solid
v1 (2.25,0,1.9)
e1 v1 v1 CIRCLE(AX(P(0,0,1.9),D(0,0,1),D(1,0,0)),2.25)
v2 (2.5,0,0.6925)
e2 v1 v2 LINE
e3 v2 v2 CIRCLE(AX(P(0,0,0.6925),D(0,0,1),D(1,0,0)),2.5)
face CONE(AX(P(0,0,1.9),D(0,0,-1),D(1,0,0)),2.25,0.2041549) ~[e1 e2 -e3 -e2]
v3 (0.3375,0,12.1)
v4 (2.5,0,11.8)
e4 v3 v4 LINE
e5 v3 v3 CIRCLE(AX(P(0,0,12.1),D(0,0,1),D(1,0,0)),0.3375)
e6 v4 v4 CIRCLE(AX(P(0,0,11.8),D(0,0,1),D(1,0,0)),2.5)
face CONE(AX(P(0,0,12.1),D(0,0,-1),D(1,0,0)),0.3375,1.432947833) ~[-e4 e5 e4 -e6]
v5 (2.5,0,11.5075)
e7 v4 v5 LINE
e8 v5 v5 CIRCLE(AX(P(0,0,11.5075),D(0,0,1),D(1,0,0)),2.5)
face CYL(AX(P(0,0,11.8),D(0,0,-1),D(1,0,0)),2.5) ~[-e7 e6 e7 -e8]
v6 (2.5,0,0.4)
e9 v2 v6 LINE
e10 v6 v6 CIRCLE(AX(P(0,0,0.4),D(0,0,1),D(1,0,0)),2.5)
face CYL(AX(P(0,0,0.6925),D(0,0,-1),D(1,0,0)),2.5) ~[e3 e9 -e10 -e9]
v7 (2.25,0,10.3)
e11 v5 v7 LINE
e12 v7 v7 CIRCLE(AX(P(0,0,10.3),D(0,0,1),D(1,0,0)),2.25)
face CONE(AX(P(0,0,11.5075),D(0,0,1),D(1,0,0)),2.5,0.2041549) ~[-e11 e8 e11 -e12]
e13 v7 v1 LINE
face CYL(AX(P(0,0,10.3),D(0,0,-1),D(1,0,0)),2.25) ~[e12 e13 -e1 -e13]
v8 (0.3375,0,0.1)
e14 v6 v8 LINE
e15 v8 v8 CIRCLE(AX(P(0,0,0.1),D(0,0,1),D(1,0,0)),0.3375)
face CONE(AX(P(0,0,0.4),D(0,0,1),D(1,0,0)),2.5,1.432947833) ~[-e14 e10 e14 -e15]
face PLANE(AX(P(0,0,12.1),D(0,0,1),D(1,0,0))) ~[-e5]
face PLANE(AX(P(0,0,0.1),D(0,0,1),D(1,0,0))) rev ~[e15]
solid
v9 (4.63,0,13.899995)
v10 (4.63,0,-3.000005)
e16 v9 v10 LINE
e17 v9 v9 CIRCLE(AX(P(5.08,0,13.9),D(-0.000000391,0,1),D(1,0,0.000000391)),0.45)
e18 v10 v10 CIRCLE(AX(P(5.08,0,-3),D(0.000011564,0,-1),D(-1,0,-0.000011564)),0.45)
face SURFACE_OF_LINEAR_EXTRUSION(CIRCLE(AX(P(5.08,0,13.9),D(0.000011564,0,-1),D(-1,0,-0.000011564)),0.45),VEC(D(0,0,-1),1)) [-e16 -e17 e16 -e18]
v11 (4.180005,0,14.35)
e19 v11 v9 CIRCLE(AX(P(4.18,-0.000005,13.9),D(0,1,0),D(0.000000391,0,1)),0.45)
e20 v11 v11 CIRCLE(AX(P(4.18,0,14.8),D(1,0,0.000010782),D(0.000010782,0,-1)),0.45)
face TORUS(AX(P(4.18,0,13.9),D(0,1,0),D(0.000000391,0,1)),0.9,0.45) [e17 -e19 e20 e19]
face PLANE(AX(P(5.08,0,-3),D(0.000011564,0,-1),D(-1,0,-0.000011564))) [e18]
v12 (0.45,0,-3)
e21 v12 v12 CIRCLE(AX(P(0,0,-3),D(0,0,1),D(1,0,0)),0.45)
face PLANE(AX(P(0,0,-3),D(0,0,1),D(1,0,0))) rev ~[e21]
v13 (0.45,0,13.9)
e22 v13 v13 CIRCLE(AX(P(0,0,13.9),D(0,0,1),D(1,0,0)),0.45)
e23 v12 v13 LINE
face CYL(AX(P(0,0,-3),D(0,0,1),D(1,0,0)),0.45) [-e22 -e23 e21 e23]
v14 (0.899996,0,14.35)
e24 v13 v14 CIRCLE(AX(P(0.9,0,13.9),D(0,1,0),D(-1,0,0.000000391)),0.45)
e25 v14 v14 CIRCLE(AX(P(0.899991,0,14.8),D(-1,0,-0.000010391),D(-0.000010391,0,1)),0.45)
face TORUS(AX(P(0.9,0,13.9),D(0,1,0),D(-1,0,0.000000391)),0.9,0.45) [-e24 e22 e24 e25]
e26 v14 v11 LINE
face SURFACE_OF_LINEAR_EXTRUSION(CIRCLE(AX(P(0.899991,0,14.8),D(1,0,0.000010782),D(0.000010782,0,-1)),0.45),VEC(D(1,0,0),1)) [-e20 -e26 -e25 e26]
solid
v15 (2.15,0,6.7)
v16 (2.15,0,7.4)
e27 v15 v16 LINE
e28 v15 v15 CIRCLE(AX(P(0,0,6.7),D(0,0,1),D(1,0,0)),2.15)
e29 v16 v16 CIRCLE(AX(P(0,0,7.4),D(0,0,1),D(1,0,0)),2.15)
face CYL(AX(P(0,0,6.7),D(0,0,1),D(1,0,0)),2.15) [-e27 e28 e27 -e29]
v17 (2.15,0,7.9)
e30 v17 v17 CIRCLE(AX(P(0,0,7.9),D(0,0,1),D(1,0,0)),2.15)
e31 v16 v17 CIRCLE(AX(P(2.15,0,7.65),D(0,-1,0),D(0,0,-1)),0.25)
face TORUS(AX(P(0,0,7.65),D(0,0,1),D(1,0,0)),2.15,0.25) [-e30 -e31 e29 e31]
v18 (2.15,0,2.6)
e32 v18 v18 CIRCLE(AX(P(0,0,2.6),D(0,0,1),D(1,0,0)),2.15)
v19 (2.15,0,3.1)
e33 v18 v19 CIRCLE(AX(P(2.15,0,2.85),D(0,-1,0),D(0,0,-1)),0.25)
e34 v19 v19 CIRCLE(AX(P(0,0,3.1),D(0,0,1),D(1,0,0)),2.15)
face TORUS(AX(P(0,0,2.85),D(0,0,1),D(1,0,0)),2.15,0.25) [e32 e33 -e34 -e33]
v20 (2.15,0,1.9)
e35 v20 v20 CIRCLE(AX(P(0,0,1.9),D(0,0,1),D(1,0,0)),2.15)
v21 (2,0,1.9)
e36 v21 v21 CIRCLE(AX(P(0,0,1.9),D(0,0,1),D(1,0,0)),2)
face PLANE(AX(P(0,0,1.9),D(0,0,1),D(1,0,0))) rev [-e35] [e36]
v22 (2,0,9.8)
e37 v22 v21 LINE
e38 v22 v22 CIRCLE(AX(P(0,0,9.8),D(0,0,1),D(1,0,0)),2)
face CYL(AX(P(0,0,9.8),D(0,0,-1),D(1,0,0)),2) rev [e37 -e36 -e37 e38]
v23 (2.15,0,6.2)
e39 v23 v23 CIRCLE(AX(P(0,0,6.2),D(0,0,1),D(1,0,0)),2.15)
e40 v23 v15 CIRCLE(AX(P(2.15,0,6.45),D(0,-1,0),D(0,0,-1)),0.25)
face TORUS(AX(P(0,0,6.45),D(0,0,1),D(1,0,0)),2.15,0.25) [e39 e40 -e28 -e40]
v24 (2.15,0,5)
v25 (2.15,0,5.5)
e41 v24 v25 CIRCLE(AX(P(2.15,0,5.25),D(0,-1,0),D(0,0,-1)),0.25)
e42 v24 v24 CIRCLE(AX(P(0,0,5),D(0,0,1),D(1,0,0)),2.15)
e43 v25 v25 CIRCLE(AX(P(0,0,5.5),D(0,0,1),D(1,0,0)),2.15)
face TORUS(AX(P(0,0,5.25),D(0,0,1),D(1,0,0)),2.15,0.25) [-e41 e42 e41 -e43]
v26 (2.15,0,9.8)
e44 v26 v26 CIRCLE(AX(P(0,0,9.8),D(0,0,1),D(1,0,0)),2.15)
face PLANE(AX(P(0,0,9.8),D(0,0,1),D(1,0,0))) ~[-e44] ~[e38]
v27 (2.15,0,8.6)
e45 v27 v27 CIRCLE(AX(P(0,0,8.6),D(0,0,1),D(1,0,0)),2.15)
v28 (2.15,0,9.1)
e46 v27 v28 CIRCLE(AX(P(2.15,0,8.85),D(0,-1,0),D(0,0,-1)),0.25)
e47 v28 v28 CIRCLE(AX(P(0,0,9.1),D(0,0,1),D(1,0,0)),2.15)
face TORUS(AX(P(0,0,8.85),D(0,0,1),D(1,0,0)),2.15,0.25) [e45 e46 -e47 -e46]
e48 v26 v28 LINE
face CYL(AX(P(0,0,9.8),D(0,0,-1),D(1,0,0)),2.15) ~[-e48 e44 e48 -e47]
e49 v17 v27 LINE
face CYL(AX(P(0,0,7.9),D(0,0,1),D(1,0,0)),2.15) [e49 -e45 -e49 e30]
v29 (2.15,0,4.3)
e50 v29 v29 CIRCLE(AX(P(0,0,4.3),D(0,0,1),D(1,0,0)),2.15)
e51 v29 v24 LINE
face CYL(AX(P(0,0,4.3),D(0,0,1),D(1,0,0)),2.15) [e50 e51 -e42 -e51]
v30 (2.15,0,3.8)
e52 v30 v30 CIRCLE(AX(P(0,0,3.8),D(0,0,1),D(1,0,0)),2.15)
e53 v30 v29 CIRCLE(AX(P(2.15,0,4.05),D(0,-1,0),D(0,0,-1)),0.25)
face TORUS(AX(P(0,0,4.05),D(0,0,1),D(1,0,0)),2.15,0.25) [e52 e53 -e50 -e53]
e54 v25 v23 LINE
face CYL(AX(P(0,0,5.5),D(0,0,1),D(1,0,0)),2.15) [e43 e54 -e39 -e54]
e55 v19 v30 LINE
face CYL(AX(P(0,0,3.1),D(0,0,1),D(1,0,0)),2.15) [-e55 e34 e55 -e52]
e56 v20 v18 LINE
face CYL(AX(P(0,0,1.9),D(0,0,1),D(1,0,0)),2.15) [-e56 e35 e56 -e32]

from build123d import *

# Parameters (mm, degrees)
SKETCH_R = 0.45


with BuildPart() as sweep_body:
    # Sweep: sweep along a path in Sketch001
    with BuildLine(Plane.XZ) as sweep_path:
        Line((0, -3), (0, 13.9))
        ThreePointArc((0, 13.9), (0.263601, 14.536393), (0.899991, 14.8))
        Line((0.899991, 14.8), (4.18, 14.8))
        ThreePointArc((4.18, 14.8), (4.816396, 14.536396), (5.08, 13.9))
        Line((5.08, 13.9), (5.08, -3))
    # Sketch → Sweep (sweep)
    with BuildSketch(Plane.XY.offset(-2)):
        Circle(SKETCH_R)
    sweep(path=sweep_path.line)


with BuildPart() as revolution:
    # Sketch002 → Revolution (revolve)
    with BuildSketch(Plane.XZ):
        Polygon((0, 0.1), (0, 12.1), (0.3375, 12.1), (2.5, 11.8), (2.5, 11.5075), (2.25, 10.3), (2.25, 1.9), (2.5, 0.6925), (2.5, 0.4), (0.3375, 0.1), align=None)
    revolve(axis=Axis((0, 0, 0), (0, 0, 1)))


with BuildPart() as revolution001:
    # Sketch003 → Revolution001 (revolve)
    with BuildSketch(Plane.XZ):
        with BuildLine():
            Line((2, 9.8), (2, 1.9))
            Line((2, 1.9), (2.15, 1.9))
            Line((2.15, 1.9), (2.15, 2.6))
            ThreePointArc((2.15, 2.6), (2.4, 2.85), (2.15, 3.1))
            Line((2.15, 3.1), (2.15, 3.8))
            ThreePointArc((2.15, 3.8), (2.4, 4.05), (2.15, 4.3))
            Line((2.15, 4.3), (2.15, 5))
            ThreePointArc((2.15, 5), (2.4, 5.25), (2.15, 5.5))
            Line((2.15, 5.5), (2.15, 6.2))
            ThreePointArc((2.15, 6.2), (2.4, 6.45), (2.15, 6.7))
            Line((2.15, 6.7), (2.15, 7.4))
            ThreePointArc((2.15, 7.4), (2.4, 7.65), (2.15, 7.9))
            Line((2.15, 7.9), (2.15, 8.6))
            ThreePointArc((2.15, 8.6), (2.4, 8.85), (2.15, 9.1))
            Line((2.15, 9.8), (2.15, 9.1))
            Line((2, 9.8), (2.15, 9.8))
        make_face()
    revolve(axis=Axis((0, 0, 0), (0, 0, 1)))


solid = Compound([sweep_body.part, revolution.part, revolution001.part])
